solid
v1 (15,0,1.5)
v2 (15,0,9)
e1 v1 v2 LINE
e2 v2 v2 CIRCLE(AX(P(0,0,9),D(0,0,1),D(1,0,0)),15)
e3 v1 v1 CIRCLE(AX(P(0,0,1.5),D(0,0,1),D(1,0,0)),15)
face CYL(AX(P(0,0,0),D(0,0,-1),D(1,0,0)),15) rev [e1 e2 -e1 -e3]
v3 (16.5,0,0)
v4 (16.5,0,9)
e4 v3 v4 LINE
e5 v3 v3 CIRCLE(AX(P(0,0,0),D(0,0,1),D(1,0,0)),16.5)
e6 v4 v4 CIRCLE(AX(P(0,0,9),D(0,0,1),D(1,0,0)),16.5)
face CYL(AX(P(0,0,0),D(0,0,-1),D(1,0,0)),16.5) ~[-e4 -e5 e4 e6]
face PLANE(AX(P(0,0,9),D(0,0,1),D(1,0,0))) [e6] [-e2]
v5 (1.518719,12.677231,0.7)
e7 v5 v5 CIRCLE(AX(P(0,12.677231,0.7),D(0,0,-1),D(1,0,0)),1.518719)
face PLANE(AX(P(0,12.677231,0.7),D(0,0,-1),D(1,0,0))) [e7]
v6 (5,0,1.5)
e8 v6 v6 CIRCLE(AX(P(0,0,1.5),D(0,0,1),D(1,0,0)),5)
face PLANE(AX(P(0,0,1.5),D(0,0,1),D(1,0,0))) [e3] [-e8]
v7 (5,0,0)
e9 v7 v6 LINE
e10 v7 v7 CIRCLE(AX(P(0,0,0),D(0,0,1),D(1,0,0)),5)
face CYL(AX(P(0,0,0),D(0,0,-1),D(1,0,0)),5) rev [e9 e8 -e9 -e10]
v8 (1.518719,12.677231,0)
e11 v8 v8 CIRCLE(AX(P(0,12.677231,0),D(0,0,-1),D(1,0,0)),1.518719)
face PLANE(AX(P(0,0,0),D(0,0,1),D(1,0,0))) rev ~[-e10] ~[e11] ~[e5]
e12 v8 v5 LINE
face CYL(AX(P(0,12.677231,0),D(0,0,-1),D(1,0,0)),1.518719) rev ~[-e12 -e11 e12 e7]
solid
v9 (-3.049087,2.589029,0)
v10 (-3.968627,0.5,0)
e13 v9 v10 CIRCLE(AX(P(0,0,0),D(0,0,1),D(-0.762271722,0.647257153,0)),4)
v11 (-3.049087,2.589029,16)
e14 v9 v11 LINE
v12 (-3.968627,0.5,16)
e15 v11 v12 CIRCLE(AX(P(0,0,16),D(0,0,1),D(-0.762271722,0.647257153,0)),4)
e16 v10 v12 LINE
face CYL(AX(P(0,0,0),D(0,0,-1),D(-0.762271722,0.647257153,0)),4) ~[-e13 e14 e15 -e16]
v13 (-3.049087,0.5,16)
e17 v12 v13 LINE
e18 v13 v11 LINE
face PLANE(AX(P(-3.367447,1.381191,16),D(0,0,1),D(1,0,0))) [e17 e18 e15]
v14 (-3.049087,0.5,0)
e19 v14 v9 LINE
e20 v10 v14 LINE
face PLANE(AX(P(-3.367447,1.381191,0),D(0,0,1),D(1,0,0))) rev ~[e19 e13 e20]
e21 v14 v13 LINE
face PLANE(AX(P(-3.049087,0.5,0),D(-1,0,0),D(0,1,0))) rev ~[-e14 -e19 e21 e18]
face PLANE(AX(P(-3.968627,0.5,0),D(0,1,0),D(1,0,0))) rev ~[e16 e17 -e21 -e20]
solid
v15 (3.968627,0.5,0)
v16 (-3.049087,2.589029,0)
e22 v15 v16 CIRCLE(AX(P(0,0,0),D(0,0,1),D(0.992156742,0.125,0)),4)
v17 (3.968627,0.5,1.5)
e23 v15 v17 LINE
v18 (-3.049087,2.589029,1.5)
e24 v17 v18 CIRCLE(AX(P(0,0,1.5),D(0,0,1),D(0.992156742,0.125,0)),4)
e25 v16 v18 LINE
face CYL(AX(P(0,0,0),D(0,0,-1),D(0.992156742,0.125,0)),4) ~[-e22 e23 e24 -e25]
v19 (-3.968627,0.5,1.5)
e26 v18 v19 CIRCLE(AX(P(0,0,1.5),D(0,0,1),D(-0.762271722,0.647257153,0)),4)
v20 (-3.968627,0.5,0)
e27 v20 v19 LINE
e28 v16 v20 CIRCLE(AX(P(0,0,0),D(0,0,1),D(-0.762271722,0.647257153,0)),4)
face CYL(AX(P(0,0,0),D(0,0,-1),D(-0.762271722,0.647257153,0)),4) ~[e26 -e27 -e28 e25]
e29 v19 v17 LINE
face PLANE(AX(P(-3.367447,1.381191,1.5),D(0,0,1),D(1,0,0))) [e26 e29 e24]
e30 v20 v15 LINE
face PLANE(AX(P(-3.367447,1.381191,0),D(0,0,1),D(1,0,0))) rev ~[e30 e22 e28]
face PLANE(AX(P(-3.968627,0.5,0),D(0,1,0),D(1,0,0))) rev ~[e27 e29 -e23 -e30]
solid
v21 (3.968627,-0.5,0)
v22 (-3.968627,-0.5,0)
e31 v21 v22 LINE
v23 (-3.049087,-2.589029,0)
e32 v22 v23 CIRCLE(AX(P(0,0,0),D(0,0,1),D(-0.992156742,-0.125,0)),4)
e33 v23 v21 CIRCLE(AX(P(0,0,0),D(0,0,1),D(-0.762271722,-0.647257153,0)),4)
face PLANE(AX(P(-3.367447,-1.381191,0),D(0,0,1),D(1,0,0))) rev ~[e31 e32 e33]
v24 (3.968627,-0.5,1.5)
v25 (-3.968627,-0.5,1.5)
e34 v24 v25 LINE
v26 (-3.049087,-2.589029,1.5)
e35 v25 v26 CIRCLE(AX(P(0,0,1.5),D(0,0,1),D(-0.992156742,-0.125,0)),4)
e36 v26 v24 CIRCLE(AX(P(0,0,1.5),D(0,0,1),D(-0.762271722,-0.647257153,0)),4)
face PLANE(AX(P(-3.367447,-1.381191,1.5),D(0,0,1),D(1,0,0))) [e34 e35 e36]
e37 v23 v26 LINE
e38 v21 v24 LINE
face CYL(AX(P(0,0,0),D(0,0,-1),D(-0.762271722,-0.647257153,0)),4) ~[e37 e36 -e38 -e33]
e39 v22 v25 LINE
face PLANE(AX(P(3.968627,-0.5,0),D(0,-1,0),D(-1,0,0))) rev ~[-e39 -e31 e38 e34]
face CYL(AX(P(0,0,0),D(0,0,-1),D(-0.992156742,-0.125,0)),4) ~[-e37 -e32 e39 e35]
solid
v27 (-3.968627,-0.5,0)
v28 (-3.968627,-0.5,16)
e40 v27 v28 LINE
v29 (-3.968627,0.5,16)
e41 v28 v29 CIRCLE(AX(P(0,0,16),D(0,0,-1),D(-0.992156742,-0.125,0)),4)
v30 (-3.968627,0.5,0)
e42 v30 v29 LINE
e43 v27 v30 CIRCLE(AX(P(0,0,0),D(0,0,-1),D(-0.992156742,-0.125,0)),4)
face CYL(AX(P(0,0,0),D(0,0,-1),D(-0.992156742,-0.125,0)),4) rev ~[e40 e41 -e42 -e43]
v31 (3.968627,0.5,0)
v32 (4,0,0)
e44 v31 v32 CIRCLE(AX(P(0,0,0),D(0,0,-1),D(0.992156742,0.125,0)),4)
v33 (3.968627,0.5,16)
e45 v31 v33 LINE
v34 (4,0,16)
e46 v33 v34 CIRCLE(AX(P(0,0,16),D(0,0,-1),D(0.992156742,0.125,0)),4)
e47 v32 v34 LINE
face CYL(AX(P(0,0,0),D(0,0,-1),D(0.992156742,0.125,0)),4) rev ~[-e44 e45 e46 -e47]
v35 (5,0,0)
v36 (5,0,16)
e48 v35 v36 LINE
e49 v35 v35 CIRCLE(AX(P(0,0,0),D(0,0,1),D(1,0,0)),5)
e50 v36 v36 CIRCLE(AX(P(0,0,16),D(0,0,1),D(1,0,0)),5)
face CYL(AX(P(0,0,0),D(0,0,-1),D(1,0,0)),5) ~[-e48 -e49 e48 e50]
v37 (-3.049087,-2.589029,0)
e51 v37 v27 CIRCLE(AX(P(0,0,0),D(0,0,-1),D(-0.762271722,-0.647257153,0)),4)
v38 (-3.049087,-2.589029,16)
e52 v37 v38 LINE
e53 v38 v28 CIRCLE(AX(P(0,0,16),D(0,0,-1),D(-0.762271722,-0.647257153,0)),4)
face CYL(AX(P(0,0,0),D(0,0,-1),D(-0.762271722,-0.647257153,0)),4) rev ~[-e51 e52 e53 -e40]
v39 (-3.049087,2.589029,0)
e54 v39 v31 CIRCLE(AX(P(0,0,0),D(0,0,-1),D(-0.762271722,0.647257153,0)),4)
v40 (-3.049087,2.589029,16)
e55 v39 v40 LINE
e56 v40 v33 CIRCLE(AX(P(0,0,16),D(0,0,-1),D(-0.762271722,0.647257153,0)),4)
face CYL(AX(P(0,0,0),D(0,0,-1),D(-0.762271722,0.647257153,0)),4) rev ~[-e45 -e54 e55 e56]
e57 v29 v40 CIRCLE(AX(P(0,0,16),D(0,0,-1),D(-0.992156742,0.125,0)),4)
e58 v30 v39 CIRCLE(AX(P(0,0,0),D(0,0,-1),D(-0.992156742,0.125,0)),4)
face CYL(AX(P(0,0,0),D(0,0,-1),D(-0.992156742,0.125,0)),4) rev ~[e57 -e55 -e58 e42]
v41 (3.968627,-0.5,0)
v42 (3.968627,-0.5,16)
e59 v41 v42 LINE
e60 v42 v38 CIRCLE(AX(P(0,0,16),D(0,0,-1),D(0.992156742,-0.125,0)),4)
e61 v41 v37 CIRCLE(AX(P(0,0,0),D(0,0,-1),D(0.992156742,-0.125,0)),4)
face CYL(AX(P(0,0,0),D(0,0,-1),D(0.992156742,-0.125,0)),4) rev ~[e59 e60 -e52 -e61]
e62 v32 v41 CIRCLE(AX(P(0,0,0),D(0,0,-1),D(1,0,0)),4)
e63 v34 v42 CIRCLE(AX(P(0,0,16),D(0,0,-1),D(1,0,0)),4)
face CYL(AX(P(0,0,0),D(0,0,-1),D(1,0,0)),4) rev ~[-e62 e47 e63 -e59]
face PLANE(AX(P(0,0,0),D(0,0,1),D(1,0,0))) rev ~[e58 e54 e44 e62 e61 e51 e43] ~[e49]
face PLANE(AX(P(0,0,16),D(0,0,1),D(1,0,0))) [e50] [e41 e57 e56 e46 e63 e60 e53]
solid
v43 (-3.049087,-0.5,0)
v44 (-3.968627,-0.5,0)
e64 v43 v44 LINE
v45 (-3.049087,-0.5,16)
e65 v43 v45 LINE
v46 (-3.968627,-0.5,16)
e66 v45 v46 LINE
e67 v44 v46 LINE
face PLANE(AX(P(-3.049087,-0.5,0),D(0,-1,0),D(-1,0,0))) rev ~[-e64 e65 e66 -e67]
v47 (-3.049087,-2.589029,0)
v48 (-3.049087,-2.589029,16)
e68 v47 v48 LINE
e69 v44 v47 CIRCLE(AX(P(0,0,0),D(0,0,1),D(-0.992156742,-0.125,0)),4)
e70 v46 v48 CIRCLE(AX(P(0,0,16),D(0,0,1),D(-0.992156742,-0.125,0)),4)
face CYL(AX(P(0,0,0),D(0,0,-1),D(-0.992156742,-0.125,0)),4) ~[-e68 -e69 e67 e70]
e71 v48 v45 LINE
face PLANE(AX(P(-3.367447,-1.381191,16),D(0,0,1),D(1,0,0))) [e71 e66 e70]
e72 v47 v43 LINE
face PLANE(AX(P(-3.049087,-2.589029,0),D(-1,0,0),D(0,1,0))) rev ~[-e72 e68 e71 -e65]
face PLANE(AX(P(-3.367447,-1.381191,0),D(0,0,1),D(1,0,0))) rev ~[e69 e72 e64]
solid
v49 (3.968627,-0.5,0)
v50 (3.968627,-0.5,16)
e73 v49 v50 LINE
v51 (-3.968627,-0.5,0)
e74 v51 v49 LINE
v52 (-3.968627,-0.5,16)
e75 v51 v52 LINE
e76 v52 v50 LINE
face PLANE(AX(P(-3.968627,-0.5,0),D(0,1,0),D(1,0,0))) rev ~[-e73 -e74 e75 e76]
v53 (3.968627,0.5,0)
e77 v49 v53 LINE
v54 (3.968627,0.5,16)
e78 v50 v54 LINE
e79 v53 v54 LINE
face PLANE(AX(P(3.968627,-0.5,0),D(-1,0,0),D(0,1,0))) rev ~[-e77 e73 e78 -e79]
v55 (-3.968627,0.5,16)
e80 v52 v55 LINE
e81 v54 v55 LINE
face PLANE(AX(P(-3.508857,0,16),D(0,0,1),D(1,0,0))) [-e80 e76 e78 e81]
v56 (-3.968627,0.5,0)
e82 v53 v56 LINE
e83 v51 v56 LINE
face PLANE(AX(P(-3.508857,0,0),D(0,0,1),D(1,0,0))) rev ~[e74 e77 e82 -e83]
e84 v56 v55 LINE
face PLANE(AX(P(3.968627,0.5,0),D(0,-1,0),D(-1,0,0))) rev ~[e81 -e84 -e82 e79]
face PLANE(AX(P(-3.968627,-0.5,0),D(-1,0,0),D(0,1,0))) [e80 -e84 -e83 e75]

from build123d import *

# Parameters (mm, degrees)
F0_R     = 15
F0_R_2   = 5
F1_DEPTH = 1.5
F0_R_3   = 16.5
F2_DEPTH = 9
F3_DEPTH = 16
F0_W     = 0.9195400787
F0_H     = 1
F0_W_2   = 7.0177138545
F4_DEPTH = 16
F5_R     = 1.518718607
F6_DEPTH = 0.7


with BuildPart() as f1:
    # F0 (on Top) → F1 (new body)
    with BuildSketch(Plane.XY):
        Circle(F0_R)
        Circle(F0_R_2, mode=Mode.SUBTRACT)
    extrude(amount=F1_DEPTH)

    # F0 (on Top) → F2 (join)
    with BuildSketch(Plane.XY):
        Circle(F0_R_3)
        Circle(F0_R, mode=Mode.SUBTRACT)
    extrude(amount=F2_DEPTH)

    # F5 (on face) → F6 (cut)
    with BuildSketch(Plane(origin=(0, 0, 0), x_dir=(1, 0, 0), z_dir=(0, 0, -1))):
        with Locations((0, -12.6772308722)):
            Circle(F5_R)
    extrude(amount=-F6_DEPTH, mode=Mode.SUBTRACT)


with BuildPart() as f1b:
    # F0 (on Top) → F1, piece 2 (new body)
    with BuildSketch(Plane.XY):
        with BuildLine():
            Line((-3.0490868879, 0.5), (-3.0490868879, 2.5890286113))
            ThreePointArc((-3.0490868879, 2.5890286113), (-3.661022681, 1.6114940054), (-3.9686269666, 0.5))
            Line((-3.9686269666, 0.5), (-3.0490868879, 0.5))
        make_face()
        with BuildLine():
            Line((-3.0490868879, 0.5), (3.9686269666, 0.5))
            ThreePointArc((3.9686269666, 0.5), (1.1412268065, 3.8337450849), (-3.0490868879, 2.5890286113))
            Line((-3.0490868879, 2.5890286113), (-3.0490868879, 0.5))
        make_face()
    extrude(amount=F1_DEPTH)


with BuildPart() as f1c:
    # F0 (on Top) → F1, piece 3 (new body)
    with BuildSketch(Plane.XY):
        with BuildLine():
            ThreePointArc((-3.9686269666, -0.5), (-3.661022681, -1.6114940054), (-3.0490868879, -2.5890286113))
            Line((-3.0490868879, -2.5890286113), (-3.0490868879, -0.5))
            Line((-3.0490868879, -0.5), (-3.9686269666, -0.5))
        make_face()
        with BuildLine():
            ThreePointArc((-3.0490868879, -2.5890286113), (1.1412268065, -3.8337450849), (3.9686269666, -0.5))
            Line((3.9686269666, -0.5), (-3.0490868879, -0.5))
            Line((-3.0490868879, -0.5), (-3.0490868879, -2.5890286113))
        make_face()
    extrude(amount=F1_DEPTH)


with BuildPart() as f3:
    # F0 (on Top) → F3 (new body)
    with BuildSketch(Plane.XY):
        Circle(F0_R_2)
        with BuildLine():
            ThreePointArc((3.9686269666, 0.5), (3.9921490369, 0.2504916502), (4, 0))
            ThreePointArc((4, 0), (3.9921490369, -0.2504916502), (3.9686269666, -0.5))
            ThreePointArc((3.9686269666, -0.5), (1.1412268065, -3.8337450849), (-3.0490868879, -2.5890286113))
            ThreePointArc((-3.0490868879, -2.5890286113), (-3.661022681, -1.6114940054), (-3.9686269666, -0.5))
            ThreePointArc((-3.9686269666, -0.5), (-4, 0), (-3.9686269666, 0.5))
            ThreePointArc((-3.9686269666, 0.5), (-3.661022681, 1.6114940054), (-3.0490868879, 2.5890286113))
            ThreePointArc((-3.0490868879, 2.5890286113), (1.1412268065, 3.8337450849), (3.9686269666, 0.5))
        make_face(mode=Mode.SUBTRACT)
    extrude(amount=F3_DEPTH)


with BuildPart() as f3b:
    # F0 (on Top) → F3, piece 2 (new body)
    with BuildSketch(Plane.XY):
        with Locations((-3.5088569272, 0)):
            Rectangle(F0_W, F0_H)
        with Locations((0.4597700394, 0)):
            Rectangle(F0_W_2, F0_H)
    extrude(amount=F3_DEPTH)


with BuildPart() as f4:
    # F0 (on Top) → F4 (new body)
    with BuildSketch(Plane.XY):
        with BuildLine():
            Line((-3.0490868879, 0.5), (-3.0490868879, 2.5890286113))
            ThreePointArc((-3.0490868879, 2.5890286113), (-3.661022681, 1.6114940054), (-3.9686269666, 0.5))
            Line((-3.9686269666, 0.5), (-3.0490868879, 0.5))
        make_face()
    extrude(amount=F4_DEPTH)


with BuildPart() as f4b:
    # F0 (on Top) → F4, piece 2 (new body)
    with BuildSketch(Plane.XY):
        with BuildLine():
            ThreePointArc((-3.9686269666, -0.5), (-3.661022681, -1.6114940054), (-3.0490868879, -2.5890286113))
            Line((-3.0490868879, -2.5890286113), (-3.0490868879, -0.5))
            Line((-3.0490868879, -0.5), (-3.9686269666, -0.5))
        make_face()
    extrude(amount=F4_DEPTH)


solid = Compound([f1.part, f1b.part, f1c.part, f3.part, f3b.part, f4.part, f4b.part])
